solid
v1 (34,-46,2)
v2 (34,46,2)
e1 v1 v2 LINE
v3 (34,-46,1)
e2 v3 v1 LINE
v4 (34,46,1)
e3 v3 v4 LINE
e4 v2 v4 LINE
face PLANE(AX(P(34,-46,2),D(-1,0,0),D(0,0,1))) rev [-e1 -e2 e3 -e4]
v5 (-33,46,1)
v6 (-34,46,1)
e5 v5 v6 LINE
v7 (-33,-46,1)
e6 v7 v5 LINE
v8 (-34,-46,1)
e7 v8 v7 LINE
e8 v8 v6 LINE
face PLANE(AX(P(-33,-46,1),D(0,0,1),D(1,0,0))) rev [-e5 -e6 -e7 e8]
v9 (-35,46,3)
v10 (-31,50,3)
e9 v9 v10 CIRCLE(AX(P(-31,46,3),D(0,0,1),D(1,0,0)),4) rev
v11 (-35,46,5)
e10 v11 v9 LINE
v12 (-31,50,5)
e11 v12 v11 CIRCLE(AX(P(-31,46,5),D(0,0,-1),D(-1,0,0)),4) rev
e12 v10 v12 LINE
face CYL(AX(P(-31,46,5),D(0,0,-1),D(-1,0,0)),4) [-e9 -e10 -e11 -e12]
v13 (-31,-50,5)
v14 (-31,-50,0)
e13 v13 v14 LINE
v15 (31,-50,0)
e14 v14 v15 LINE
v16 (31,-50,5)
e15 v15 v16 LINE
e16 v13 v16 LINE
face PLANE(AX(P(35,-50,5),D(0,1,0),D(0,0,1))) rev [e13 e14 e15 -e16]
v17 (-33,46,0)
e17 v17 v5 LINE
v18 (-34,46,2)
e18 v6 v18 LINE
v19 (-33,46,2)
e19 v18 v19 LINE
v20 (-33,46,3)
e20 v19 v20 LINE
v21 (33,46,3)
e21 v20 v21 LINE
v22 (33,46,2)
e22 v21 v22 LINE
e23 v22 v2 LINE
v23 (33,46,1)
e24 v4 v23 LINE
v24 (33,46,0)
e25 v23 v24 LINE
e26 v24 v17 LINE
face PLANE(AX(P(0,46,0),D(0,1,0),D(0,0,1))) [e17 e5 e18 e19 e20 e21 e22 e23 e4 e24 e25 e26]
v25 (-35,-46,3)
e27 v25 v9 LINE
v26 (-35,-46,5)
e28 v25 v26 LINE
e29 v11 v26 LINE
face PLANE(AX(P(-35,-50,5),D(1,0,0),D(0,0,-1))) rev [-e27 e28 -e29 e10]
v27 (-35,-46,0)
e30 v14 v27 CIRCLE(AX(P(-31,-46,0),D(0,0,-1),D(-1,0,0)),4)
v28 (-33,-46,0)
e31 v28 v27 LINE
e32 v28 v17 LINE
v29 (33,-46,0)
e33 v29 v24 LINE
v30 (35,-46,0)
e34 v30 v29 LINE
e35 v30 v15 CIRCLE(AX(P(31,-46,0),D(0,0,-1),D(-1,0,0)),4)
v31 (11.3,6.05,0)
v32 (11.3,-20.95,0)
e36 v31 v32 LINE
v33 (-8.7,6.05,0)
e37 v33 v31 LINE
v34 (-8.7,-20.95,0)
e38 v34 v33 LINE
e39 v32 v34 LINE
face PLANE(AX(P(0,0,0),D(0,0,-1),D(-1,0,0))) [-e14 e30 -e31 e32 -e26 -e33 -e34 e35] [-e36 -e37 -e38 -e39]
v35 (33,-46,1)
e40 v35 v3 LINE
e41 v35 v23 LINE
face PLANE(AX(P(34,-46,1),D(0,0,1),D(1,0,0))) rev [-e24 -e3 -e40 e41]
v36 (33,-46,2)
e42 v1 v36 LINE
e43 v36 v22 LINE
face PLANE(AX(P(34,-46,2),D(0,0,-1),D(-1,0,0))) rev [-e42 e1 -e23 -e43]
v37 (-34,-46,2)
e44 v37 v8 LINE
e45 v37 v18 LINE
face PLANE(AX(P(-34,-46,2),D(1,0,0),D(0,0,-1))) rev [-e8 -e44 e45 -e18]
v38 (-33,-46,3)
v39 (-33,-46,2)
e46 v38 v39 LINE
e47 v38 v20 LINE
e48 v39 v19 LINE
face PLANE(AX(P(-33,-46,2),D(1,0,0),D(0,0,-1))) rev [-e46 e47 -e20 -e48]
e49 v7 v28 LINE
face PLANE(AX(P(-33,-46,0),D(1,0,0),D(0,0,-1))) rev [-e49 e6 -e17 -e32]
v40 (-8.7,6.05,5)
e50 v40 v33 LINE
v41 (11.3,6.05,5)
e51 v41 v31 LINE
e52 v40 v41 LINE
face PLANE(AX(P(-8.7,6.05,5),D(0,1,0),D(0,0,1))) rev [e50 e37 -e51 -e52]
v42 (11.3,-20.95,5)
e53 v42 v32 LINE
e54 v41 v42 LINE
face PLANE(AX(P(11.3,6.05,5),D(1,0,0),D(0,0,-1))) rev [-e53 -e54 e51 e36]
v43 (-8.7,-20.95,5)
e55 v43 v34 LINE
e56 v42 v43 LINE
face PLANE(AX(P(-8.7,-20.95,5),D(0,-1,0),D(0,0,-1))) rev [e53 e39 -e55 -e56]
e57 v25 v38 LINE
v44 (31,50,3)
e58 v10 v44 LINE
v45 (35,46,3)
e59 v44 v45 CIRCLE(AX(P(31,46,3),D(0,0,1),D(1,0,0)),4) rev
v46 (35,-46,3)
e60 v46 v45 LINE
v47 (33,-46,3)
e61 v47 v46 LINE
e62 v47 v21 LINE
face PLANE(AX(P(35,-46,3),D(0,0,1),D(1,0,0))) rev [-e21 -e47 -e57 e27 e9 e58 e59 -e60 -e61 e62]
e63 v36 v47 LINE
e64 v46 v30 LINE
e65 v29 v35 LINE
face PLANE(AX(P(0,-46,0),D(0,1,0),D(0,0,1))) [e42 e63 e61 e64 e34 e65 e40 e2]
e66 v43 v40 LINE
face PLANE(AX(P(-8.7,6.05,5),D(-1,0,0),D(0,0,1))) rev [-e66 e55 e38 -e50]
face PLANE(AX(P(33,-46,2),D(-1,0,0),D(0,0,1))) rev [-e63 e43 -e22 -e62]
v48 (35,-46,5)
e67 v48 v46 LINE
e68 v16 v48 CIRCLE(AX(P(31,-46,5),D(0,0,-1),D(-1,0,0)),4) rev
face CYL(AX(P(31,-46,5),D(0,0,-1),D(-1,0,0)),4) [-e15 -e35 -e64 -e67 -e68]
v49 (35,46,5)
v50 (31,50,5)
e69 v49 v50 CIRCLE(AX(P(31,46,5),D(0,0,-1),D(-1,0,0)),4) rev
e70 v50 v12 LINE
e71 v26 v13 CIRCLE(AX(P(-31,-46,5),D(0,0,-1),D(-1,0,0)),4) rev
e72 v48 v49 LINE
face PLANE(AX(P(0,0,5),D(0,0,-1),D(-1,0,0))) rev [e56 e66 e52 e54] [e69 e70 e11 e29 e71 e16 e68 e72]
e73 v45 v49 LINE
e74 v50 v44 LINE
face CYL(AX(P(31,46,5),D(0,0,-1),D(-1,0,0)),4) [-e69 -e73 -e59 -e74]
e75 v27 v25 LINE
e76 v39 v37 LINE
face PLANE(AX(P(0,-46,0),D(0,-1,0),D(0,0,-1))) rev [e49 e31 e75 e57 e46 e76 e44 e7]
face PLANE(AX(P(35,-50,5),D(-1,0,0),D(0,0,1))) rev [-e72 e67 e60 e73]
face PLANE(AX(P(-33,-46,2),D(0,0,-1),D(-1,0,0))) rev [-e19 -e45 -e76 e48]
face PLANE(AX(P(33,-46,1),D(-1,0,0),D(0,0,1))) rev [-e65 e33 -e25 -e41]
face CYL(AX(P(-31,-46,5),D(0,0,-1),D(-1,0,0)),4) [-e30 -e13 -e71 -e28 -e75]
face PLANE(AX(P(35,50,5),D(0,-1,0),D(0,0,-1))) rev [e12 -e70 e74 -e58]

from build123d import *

# Parameters (mm, degrees)
SKETCH1_W           = 100
SKETCH1_H           = 70
BOSS_EXTRUDE1_DEPTH = 5
FILLET1_R           = 4
SKETCH3_W           = 20
SKETCH3_H           = 27
CUT_EXTRUDE1_DEPTH  = 5
CUT_EXTRUDE2_DEPTH  = 96
SKETCH6_W           = 70
SKETCH6_H           = 3
CUT_EXTRUDE3_DEPTH  = 4


with BuildPart() as part:
    # Sketch1 → Boss-Extrude1 (new body)
    with BuildSketch(Plane(origin=(0, 0, 0), x_dir=(0, 1, 0), z_dir=(0, 0, 1))):
        Rectangle(SKETCH1_W, SKETCH1_H)
    extrude(amount=BOSS_EXTRUDE1_DEPTH)

    # Fillet1
    fillet1_edges = [part.edges().sort_by_distance(p)[0] for p in [
        (35, 50, 2.5),
        (35, -50, 2.5),
        (-35, -50, 2.5),
        (-35, 50, 2.5),
    ]]
    fillet(fillet1_edges, radius=FILLET1_R)

    # Sketch3 → Cut-Extrude1 (cut)
    with BuildSketch(Plane(origin=(0, 0, 0), x_dir=(1, 0, 0), z_dir=(0, 0, -1))):
        with Locations((1.3, 7.45)):
            Rectangle(SKETCH3_W, SKETCH3_H)
    extrude(amount=-CUT_EXTRUDE1_DEPTH, mode=Mode.SUBTRACT)

    # Sketch5 → Cut-Extrude2 (cut)
    with BuildSketch(Plane(origin=(0, 50, 0), x_dir=(-1, 0, 0), z_dir=(0, 1, 0))):
        Polygon((-35, 3), (-33, 3), (-33, 2), (-34, 2), (-34, 1), (-33, 1), (-33, 0), (-35, 0), align=None)
        Polygon((35, 3), (35, 0), (33, 0), (33, 1), (34, 1), (34, 2), (33, 2), (33, 3), align=None)
    extrude(amount=-CUT_EXTRUDE2_DEPTH, mode=Mode.SUBTRACT)

    # Sketch6 → Cut-Extrude3 (cut)
    with BuildSketch(Plane(origin=(0, 50, 0), x_dir=(-1, 0, 0), z_dir=(0, 1, 0))):
        with Locations((0, 1.5)):
            Rectangle(SKETCH6_W, SKETCH6_H)
    extrude(amount=-CUT_EXTRUDE3_DEPTH, mode=Mode.SUBTRACT)


solid = part.part
